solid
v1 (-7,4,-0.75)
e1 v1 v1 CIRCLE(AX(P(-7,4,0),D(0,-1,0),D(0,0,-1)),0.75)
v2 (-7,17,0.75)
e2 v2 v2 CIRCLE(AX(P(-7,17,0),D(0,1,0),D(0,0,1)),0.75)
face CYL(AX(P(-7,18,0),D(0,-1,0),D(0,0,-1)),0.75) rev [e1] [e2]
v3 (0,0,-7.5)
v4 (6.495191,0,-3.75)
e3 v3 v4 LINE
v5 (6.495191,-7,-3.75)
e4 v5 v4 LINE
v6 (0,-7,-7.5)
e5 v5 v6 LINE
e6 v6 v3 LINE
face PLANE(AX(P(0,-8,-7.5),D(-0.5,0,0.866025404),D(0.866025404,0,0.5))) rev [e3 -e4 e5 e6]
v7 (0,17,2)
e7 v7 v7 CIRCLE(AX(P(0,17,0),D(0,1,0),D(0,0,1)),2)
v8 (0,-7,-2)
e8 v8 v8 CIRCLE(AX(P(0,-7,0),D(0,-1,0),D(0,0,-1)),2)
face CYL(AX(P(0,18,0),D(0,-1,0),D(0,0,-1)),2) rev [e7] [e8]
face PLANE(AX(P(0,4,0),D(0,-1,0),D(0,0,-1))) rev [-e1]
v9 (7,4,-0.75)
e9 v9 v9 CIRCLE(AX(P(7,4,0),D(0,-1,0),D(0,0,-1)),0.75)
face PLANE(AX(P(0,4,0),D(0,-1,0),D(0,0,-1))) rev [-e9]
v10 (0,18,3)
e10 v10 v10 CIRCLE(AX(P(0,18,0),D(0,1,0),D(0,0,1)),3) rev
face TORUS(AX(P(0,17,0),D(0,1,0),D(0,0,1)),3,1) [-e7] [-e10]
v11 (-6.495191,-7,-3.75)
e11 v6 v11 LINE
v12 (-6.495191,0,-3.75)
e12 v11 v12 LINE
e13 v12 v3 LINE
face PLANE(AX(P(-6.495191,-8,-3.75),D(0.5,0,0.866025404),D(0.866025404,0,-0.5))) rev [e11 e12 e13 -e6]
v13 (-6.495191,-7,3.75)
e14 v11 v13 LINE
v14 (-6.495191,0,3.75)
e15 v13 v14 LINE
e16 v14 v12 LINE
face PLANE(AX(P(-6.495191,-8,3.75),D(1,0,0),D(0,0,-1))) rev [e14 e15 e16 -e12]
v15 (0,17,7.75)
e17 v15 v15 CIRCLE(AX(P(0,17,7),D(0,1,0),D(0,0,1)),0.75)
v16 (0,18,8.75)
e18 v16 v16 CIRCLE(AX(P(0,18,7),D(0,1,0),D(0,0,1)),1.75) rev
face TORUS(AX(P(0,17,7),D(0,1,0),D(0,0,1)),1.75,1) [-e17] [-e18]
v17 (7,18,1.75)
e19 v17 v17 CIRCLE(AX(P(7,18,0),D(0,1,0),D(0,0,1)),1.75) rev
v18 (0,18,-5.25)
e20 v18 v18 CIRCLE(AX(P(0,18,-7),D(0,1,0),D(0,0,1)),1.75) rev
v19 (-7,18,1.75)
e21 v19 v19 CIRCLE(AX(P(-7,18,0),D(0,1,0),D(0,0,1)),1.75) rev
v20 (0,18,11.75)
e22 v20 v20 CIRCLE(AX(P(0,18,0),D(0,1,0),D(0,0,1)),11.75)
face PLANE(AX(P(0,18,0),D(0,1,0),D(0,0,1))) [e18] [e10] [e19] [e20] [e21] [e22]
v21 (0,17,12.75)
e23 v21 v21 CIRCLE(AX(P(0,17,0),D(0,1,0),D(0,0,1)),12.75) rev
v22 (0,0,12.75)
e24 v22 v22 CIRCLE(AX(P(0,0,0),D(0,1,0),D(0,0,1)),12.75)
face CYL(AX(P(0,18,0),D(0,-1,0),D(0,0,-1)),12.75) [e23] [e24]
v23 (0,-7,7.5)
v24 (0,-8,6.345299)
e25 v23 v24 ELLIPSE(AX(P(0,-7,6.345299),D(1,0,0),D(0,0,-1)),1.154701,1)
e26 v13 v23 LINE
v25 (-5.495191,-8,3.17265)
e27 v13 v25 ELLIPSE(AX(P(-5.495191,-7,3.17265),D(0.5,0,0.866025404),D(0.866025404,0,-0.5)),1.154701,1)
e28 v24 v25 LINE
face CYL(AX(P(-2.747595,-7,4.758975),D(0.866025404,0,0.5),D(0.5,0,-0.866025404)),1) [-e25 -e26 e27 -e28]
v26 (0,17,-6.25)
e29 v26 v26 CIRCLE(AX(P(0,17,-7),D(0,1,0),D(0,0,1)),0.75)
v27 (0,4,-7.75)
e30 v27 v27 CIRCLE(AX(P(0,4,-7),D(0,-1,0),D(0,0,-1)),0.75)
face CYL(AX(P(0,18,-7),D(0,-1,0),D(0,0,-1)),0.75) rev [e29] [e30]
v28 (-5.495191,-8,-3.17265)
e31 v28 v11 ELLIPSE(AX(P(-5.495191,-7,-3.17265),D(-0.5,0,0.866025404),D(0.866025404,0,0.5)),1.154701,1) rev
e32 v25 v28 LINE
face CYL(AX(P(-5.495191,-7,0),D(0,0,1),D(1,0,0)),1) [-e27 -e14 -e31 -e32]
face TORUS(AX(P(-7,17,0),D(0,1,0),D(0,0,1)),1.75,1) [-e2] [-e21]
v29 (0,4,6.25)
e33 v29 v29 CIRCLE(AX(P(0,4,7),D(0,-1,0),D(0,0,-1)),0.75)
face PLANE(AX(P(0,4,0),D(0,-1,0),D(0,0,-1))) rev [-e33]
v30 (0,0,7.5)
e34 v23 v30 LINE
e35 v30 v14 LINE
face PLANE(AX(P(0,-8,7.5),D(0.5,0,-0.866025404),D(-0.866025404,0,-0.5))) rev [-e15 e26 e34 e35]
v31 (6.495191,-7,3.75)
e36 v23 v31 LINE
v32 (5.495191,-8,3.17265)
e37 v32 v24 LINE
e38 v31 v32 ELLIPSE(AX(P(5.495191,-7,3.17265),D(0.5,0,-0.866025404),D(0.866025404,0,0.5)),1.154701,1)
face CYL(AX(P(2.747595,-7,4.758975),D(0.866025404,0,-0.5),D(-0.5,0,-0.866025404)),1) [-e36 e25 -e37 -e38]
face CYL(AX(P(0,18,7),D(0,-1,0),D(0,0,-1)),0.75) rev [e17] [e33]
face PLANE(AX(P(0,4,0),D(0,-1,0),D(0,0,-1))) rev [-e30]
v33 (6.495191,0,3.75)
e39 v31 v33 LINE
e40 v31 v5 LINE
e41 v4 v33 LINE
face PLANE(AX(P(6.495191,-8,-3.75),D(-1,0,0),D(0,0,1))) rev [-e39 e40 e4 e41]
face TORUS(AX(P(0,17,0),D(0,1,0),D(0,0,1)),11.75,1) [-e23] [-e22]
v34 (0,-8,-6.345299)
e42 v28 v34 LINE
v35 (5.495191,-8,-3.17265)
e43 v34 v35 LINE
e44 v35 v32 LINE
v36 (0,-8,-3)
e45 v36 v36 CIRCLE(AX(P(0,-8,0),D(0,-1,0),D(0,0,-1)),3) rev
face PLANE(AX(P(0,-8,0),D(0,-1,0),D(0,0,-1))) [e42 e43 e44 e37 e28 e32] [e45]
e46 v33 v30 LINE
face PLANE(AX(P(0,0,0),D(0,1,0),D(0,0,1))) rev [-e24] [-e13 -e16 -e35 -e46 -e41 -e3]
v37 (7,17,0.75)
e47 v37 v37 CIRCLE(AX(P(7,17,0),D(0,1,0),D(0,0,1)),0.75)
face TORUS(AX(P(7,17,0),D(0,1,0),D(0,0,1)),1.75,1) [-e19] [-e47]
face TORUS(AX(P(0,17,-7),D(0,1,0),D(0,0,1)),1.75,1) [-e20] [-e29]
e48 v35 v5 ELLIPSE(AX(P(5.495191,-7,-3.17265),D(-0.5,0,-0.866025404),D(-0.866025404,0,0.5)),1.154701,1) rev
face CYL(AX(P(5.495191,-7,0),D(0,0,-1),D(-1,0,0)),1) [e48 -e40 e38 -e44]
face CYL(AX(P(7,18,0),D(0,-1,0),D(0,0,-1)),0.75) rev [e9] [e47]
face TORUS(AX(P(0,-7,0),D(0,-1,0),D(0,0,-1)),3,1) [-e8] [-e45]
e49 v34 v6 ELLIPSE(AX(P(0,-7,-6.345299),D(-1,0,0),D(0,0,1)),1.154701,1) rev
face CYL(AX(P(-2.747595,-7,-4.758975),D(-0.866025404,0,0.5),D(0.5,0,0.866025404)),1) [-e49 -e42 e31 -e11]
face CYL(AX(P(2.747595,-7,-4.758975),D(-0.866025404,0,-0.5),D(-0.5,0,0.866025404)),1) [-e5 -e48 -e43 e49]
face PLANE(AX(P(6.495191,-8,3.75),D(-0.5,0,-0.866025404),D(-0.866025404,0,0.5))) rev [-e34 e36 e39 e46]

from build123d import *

# Parameters (mm, degrees)
CROQUIS1_R              = 12.75
CROQUIS1_R_2            = 0.75
SALIENTE_EXTRUIR1_DEPTH = 18
SALIENTE_EXTRUIR3_DEPTH = 8
CROQUIS4_R              = 12.75
SALIENTE_EXTRUIR4_DEPTH = 4
CROQUIS5_R              = 2
CORTAR_EXTRUIR1_DEPTH   = 27
REDONDEO1_R             = 1
REDONDEO2_R             = 1


with BuildPart() as part:
    # Croquis1 → Saliente-Extruir1 (new body)
    with BuildSketch(Plane(origin=(0, 0, 0), x_dir=(1, 0, 0), z_dir=(0, 1, 0))):
        Circle(CROQUIS1_R)
        with Locations((0, 7)):
            Circle(CROQUIS1_R_2, mode=Mode.SUBTRACT)
        with Locations((7, 0)):
            Circle(CROQUIS1_R_2, mode=Mode.SUBTRACT)
        with Locations((0, -7)):
            Circle(CROQUIS1_R_2, mode=Mode.SUBTRACT)
        with Locations((-7, 0)):
            Circle(CROQUIS1_R_2, mode=Mode.SUBTRACT)
    extrude(amount=SALIENTE_EXTRUIR1_DEPTH)

    # Croquis3 → Saliente-Extruir3 (add)
    with BuildSketch(Plane.XZ):
        Polygon((0, 7.5), (-6.495190528, 3.75), (-6.495190528, -3.75), (0, -7.5), (6.495190528, -3.75), (6.495190528, 3.75), align=None)
    extrude(amount=SALIENTE_EXTRUIR3_DEPTH)

    # Croquis4 → Saliente-Extruir4 (add)
    with BuildSketch(Plane.XZ):
        Circle(CROQUIS4_R)
    extrude(amount=-SALIENTE_EXTRUIR4_DEPTH)

    # Croquis5 → Cortar-Extruir1 (cut, through all)
    with BuildSketch(Plane.XZ.offset(8)):
        Circle(CROQUIS5_R)
    extrude(amount=-CORTAR_EXTRUIR1_DEPTH, mode=Mode.SUBTRACT)

    # Redondeo1
    redondeo1_edges = [part.edges().sort_by_distance(p)[0] for p in [
        (3.247595264, -8, 5.625),
        (-3.247595264, -8, 5.625),
        (-6.495190528, -8, 0),
        (-3.247595264, -8, -5.625),
        (3.247595264, -8, -5.625),
        (6.495190528, -8, 0),
        (-2, -8, 0),
    ]]
    fillet(redondeo1_edges, radius=REDONDEO1_R)

    # Redondeo2
    redondeo2_edges = [part.edges().sort_by_distance(p)[0] for p in [
        (-0.75, 18, 7),
        (-7.75, 18, 0),
        (-12.75, 18, 0),
        (-0.75, 18, -7),
        (-2, 18, 0),
        (6.25, 18, 0),
    ]]
    fillet(redondeo2_edges, radius=REDONDEO2_R)


solid = part.part
